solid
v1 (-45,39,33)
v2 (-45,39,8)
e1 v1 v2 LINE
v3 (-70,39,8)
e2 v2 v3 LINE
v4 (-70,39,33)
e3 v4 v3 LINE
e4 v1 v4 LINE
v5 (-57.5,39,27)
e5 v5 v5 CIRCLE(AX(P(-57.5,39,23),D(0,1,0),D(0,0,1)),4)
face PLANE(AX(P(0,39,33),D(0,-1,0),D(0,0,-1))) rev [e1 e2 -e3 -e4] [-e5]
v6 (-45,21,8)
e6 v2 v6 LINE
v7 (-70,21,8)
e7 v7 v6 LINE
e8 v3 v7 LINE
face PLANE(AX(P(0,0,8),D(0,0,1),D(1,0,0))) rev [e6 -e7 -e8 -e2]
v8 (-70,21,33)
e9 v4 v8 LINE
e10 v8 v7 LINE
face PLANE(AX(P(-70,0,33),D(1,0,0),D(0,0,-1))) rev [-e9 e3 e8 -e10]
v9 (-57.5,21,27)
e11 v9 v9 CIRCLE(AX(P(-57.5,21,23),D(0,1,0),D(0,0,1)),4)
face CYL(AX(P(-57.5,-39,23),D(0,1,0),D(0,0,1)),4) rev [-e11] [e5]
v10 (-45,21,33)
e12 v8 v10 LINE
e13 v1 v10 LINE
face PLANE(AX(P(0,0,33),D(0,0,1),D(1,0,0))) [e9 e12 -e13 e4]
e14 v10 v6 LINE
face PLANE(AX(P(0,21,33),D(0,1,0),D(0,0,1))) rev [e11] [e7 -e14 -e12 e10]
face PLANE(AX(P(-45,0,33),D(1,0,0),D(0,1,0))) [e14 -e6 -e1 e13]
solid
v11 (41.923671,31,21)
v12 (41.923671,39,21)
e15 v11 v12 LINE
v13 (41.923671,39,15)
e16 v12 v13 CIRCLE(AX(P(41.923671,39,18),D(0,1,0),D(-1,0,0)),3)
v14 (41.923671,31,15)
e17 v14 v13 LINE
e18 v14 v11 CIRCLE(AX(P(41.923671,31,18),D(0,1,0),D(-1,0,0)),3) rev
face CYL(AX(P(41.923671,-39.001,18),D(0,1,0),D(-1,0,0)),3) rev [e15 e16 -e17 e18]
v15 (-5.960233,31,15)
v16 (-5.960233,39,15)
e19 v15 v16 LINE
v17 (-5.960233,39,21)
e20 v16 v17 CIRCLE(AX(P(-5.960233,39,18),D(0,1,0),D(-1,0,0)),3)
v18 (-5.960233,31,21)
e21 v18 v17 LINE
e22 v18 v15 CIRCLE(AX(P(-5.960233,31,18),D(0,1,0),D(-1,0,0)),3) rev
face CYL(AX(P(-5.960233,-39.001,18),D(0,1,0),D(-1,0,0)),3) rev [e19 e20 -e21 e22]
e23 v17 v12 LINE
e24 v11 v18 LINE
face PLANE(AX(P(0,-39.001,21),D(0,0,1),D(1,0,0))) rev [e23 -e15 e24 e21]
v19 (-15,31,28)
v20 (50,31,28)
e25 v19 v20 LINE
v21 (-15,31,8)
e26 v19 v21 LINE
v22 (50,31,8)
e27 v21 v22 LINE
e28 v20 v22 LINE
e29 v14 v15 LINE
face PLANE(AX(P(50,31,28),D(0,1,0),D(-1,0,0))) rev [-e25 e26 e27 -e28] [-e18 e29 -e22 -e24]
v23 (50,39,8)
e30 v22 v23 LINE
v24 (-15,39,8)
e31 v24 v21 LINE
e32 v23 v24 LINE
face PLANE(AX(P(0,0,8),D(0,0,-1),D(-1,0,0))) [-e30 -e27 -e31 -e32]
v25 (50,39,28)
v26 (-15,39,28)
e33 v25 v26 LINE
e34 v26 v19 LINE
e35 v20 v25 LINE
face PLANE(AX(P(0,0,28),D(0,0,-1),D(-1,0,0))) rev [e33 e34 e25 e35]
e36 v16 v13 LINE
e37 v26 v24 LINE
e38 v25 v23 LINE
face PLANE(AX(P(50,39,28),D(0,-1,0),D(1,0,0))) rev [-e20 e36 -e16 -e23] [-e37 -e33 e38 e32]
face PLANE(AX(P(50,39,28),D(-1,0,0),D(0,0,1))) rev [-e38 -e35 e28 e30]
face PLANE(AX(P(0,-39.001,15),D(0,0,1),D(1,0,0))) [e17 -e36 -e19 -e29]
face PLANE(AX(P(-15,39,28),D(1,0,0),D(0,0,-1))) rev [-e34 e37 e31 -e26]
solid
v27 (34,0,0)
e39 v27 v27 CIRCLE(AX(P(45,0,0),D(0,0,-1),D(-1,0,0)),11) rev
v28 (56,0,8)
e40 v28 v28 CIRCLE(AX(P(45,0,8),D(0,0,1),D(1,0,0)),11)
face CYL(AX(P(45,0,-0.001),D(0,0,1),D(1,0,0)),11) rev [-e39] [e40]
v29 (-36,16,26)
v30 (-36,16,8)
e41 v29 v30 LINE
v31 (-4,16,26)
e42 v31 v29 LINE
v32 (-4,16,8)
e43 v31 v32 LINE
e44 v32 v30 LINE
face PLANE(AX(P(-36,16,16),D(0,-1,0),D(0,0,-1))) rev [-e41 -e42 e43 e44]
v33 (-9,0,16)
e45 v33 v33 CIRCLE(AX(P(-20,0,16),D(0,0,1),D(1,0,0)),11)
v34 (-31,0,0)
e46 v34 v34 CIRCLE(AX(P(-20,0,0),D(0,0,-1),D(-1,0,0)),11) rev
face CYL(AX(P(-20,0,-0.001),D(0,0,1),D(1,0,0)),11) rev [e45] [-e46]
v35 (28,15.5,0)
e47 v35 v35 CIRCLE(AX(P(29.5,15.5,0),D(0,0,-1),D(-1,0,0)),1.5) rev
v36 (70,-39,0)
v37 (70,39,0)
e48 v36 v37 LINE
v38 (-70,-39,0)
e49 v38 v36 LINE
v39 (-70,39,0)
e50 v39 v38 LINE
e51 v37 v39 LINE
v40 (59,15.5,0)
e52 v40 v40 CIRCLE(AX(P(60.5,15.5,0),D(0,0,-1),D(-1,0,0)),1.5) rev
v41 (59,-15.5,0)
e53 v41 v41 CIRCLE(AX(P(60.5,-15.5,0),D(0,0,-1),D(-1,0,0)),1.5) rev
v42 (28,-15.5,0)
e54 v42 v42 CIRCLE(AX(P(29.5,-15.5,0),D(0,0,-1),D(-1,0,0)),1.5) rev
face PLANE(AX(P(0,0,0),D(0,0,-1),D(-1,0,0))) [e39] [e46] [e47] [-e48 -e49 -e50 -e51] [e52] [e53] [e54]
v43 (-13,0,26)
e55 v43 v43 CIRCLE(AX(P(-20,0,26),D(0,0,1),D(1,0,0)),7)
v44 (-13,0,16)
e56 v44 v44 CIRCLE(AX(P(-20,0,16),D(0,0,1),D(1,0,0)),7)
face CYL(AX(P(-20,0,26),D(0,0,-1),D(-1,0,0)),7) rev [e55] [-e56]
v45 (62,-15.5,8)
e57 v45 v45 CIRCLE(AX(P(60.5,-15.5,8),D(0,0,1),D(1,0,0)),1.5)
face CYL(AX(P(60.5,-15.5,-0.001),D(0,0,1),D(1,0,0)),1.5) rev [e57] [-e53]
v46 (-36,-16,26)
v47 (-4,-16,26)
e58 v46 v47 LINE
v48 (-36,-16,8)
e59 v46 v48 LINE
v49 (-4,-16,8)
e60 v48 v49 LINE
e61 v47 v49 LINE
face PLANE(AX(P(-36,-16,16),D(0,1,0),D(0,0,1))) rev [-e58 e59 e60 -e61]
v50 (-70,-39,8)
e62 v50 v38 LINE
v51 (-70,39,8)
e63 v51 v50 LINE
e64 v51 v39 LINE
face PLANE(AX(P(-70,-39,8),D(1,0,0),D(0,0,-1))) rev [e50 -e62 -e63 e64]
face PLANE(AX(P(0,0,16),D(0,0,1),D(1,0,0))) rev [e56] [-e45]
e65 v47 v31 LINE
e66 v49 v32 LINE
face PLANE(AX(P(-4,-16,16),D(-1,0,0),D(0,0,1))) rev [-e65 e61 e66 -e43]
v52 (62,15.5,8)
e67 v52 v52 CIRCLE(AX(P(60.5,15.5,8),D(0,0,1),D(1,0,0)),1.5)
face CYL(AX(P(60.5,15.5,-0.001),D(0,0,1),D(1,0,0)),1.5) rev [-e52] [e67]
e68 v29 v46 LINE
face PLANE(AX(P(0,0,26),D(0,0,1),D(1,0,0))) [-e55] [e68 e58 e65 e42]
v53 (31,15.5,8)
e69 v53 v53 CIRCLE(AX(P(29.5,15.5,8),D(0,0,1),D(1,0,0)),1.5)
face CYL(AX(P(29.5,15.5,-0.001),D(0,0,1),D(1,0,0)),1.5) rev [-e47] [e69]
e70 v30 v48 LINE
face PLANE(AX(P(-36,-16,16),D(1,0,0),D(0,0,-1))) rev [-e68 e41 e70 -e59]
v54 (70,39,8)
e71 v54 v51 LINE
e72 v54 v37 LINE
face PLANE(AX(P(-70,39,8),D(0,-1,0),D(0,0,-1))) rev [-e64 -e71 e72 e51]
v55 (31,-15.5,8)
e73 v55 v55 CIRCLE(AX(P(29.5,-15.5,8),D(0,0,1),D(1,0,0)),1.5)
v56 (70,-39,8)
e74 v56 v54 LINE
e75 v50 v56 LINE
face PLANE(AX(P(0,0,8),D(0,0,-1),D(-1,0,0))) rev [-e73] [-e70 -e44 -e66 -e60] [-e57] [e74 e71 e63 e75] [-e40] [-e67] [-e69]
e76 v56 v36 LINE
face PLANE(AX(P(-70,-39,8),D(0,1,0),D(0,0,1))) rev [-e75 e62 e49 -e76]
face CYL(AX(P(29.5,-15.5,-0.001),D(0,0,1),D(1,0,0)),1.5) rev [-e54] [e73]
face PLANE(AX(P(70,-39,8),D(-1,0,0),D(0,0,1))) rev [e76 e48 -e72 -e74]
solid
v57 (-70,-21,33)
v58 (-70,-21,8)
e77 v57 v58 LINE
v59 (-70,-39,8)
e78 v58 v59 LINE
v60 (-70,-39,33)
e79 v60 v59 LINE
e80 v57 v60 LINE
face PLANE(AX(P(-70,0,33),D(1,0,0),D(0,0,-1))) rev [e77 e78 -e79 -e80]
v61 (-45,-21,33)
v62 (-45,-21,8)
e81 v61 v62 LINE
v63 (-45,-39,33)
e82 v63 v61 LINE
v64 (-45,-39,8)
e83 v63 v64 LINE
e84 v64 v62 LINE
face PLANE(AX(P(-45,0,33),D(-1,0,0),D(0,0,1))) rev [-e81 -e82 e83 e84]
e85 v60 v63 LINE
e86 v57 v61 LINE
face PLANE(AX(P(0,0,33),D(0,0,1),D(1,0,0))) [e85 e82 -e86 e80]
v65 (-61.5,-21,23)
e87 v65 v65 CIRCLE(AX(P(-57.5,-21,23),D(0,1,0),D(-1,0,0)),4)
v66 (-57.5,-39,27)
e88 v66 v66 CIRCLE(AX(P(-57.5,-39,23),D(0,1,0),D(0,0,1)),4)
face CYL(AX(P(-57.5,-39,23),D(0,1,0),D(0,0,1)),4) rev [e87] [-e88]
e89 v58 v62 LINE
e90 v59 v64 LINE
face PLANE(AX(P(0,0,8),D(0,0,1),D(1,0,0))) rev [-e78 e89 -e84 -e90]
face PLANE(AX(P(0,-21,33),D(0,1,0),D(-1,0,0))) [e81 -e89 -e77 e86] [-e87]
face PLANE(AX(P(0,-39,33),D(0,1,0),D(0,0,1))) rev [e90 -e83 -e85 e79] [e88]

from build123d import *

# Parameters (mm, degrees)
SKETCH1_W             = 140
SKETCH1_H             = 78
BOSS_EXTRUDE1_DEPTH   = 8
CUT_EXTRUDE1_REACH    = 82.529
SKETCH2_R             = 1.5
SKETCH2_R_2           = 11
SKETCH3_W             = 25
SKETCH3_H             = 18
BOSS_EXTRUDE2_DEPTH   = 25
BOSS_EXTRUDE2_2_DEPTH = 25
SKETCH4_R             = 4
CUT_EXTRUDE2_DEPTH    = 110.877204187
BOSS_EXTRUDE4_START   = 8
SKETCH7_W             = 32
SKETCH7_H             = 32
SKETCH7_R             = 11
BOSS_EXTRUDE4_DEPTH   = 8
SKETCH8_W             = 32
SKETCH8_H             = 32
SKETCH8_R             = 7
BOSS_EXTRUDE5_DEPTH   = 10
SKETCH9_W             = 65
SKETCH9_H             = 8
BOSS_EXTRUDE6_DEPTH   = 20
SKETCH11_R            = 3
CUT_EXTRUDE3_DEPTH    = 8


with BuildPart() as part:
    # Sketch1 → Boss-Extrude1 (new body)
    with BuildSketch(Plane.XY):
        Rectangle(SKETCH1_W, SKETCH1_H)
    extrude(amount=BOSS_EXTRUDE1_DEPTH)

    # Sketch2 → Cut-Extrude1 (cut, up to next)
    with BuildSketch(Plane.XY.offset(8), mode=Mode.PRIVATE) as cut_extrude1_sk1:
        with Locations((29.5, 15.5)):
            Circle(SKETCH2_R)
    cut_extrude1_tool1 = extrude(cut_extrude1_sk1.sketch, amount=-CUT_EXTRUDE1_REACH, mode=Mode.PRIVATE) & part.part
    # Sketch2 → Cut-Extrude1 (cut, up to next)
    with BuildSketch(Plane.XY.offset(8), mode=Mode.PRIVATE) as cut_extrude1_sk2:
        with Locations((60.5, 15.5)):
            Circle(SKETCH2_R)
    cut_extrude1_tool2 = extrude(cut_extrude1_sk2.sketch, amount=-CUT_EXTRUDE1_REACH, mode=Mode.PRIVATE) & part.part
    # Sketch2 → Cut-Extrude1 (cut, up to next)
    with BuildSketch(Plane.XY.offset(8), mode=Mode.PRIVATE) as cut_extrude1_sk3:
        with Locations((60.5, -15.5)):
            Circle(SKETCH2_R)
    cut_extrude1_tool3 = extrude(cut_extrude1_sk3.sketch, amount=-CUT_EXTRUDE1_REACH, mode=Mode.PRIVATE) & part.part
    # Sketch2 → Cut-Extrude1 (cut, up to next)
    with BuildSketch(Plane.XY.offset(8), mode=Mode.PRIVATE) as cut_extrude1_sk4:
        with Locations((29.5, -15.5)):
            Circle(SKETCH2_R)
    cut_extrude1_tool4 = extrude(cut_extrude1_sk4.sketch, amount=-CUT_EXTRUDE1_REACH, mode=Mode.PRIVATE) & part.part
    # Sketch2 → Cut-Extrude1 (cut, up to next)
    with BuildSketch(Plane.XY.offset(8), mode=Mode.PRIVATE) as cut_extrude1_sk5:
        with Locations((-20, 0)):
            Circle(SKETCH2_R_2)
    cut_extrude1_tool5 = extrude(cut_extrude1_sk5.sketch, amount=-CUT_EXTRUDE1_REACH, mode=Mode.PRIVATE) & part.part
    # Sketch2 → Cut-Extrude1 (cut, up to next)
    with BuildSketch(Plane.XY.offset(8), mode=Mode.PRIVATE) as cut_extrude1_sk6:
        with Locations((45, 0)):
            Circle(SKETCH2_R_2)
    cut_extrude1_tool6 = extrude(cut_extrude1_sk6.sketch, amount=-CUT_EXTRUDE1_REACH, mode=Mode.PRIVATE) & part.part
    add(cut_extrude1_tool1.solids().sort_by_distance((29.5, 15.5, 8))[0], mode=Mode.SUBTRACT)
    add(cut_extrude1_tool2.solids().sort_by_distance((60.5, 15.5, 8))[0], mode=Mode.SUBTRACT)
    add(cut_extrude1_tool3.solids().sort_by_distance((60.5, -15.5, 8))[0], mode=Mode.SUBTRACT)
    add(cut_extrude1_tool4.solids().sort_by_distance((29.5, -15.5, 8))[0], mode=Mode.SUBTRACT)
    add(cut_extrude1_tool5.solids().sort_by_distance((-20, 0, 8))[0], mode=Mode.SUBTRACT)
    add(cut_extrude1_tool6.solids().sort_by_distance((45, 0, 8))[0], mode=Mode.SUBTRACT)

    # Sketch7 → Boss-Extrude4 (add)
    with BuildSketch(Plane.XY.offset(8).offset(BOSS_EXTRUDE4_START)):
        with Locations((-20, 0)):
            Rectangle(SKETCH7_W, SKETCH7_H)
        with Locations((-20, 0)):
            Circle(SKETCH7_R, mode=Mode.SUBTRACT)
    extrude(amount=-BOSS_EXTRUDE4_DEPTH)

    # Sketch8 → Boss-Extrude5 (add)
    with BuildSketch(Plane.XY.offset(16)):
        with Locations((-20, 0)):
            Rectangle(SKETCH8_W, SKETCH8_H)
        with Locations((-20, 0)):
            Circle(SKETCH8_R, mode=Mode.SUBTRACT)
    extrude(amount=BOSS_EXTRUDE5_DEPTH)


with BuildPart() as body_2:
    # Sketch3 → Boss-Extrude2 (new body)
    with BuildSketch(Plane.XY.offset(8)):
        with Locations((-57.5, 30)):
            Rectangle(SKETCH3_W, SKETCH3_H)
    extrude(amount=BOSS_EXTRUDE2_DEPTH)


with BuildPart() as body_3:
    # Sketch3 → Boss-Extrude2 2 (new body)
    with BuildSketch(Plane.XY.offset(8)):
        with Locations((-57.5, -30)):
            Rectangle(SKETCH3_W, SKETCH3_H)
    extrude(amount=BOSS_EXTRUDE2_2_DEPTH)


with BuildPart() as cut_extrude2_tool:
    # Sketch4 → Cut-Extrude2 (new, through all)
    with BuildSketch(Plane(origin=(0, 39, 0), x_dir=(1, 0, 0), z_dir=(0, 1, 0))):
        with Locations(Location((-57.5, -23, 0), (0, 0, 270))):
            Circle(SKETCH4_R)
    extrude(amount=-CUT_EXTRUDE2_DEPTH)


with BuildPart() as body_2_1:
    add(body_2.part)

    # Cut-Extrude2: cut by cut_extrude2_tool
    add(cut_extrude2_tool.part, mode=Mode.SUBTRACT)


with BuildPart() as body_3_1:
    add(body_3.part)

    # Cut-Extrude2: cut by cut_extrude2_tool
    add(cut_extrude2_tool.part, mode=Mode.SUBTRACT)


with BuildPart() as body_4:
    # Sketch9 → Boss-Extrude6 (new body)
    with BuildSketch(Plane.XY.offset(8)):
        with Locations((17.5, 35)):
            Rectangle(SKETCH9_W, SKETCH9_H)
    extrude(amount=BOSS_EXTRUDE6_DEPTH)

    # Sketch11 → Cut-Extrude3 (cut)
    with BuildSketch(Plane(origin=(0, 39, 0), x_dir=(1, 0, 0), z_dir=(0, 1, 0))):
        with Locations((-5.960232812, -18)):
            Circle(SKETCH11_R)
        with BuildLine():
            Line((41.923671474, -15), (-5.960232812, -15))
            ThreePointArc((-5.960232812, -15), (-3.838912468, -15.878679656), (-2.960232812, -18))
            ThreePointArc((-2.960232812, -18), (-3.838912468, -20.121320344), (-5.960232812, -21))
            Line((-5.960232812, -21), (41.923671474, -21))
            ThreePointArc((41.923671474, -21), (38.923671474, -18), (41.923671474, -15))
        make_face()
        with Locations((41.923671474, -18)):
            Circle(SKETCH11_R)
    extrude(amount=-CUT_EXTRUDE3_DEPTH, mode=Mode.SUBTRACT)


solid = Compound([part.part, body_2_1.part, body_3_1.part, body_4.part])
